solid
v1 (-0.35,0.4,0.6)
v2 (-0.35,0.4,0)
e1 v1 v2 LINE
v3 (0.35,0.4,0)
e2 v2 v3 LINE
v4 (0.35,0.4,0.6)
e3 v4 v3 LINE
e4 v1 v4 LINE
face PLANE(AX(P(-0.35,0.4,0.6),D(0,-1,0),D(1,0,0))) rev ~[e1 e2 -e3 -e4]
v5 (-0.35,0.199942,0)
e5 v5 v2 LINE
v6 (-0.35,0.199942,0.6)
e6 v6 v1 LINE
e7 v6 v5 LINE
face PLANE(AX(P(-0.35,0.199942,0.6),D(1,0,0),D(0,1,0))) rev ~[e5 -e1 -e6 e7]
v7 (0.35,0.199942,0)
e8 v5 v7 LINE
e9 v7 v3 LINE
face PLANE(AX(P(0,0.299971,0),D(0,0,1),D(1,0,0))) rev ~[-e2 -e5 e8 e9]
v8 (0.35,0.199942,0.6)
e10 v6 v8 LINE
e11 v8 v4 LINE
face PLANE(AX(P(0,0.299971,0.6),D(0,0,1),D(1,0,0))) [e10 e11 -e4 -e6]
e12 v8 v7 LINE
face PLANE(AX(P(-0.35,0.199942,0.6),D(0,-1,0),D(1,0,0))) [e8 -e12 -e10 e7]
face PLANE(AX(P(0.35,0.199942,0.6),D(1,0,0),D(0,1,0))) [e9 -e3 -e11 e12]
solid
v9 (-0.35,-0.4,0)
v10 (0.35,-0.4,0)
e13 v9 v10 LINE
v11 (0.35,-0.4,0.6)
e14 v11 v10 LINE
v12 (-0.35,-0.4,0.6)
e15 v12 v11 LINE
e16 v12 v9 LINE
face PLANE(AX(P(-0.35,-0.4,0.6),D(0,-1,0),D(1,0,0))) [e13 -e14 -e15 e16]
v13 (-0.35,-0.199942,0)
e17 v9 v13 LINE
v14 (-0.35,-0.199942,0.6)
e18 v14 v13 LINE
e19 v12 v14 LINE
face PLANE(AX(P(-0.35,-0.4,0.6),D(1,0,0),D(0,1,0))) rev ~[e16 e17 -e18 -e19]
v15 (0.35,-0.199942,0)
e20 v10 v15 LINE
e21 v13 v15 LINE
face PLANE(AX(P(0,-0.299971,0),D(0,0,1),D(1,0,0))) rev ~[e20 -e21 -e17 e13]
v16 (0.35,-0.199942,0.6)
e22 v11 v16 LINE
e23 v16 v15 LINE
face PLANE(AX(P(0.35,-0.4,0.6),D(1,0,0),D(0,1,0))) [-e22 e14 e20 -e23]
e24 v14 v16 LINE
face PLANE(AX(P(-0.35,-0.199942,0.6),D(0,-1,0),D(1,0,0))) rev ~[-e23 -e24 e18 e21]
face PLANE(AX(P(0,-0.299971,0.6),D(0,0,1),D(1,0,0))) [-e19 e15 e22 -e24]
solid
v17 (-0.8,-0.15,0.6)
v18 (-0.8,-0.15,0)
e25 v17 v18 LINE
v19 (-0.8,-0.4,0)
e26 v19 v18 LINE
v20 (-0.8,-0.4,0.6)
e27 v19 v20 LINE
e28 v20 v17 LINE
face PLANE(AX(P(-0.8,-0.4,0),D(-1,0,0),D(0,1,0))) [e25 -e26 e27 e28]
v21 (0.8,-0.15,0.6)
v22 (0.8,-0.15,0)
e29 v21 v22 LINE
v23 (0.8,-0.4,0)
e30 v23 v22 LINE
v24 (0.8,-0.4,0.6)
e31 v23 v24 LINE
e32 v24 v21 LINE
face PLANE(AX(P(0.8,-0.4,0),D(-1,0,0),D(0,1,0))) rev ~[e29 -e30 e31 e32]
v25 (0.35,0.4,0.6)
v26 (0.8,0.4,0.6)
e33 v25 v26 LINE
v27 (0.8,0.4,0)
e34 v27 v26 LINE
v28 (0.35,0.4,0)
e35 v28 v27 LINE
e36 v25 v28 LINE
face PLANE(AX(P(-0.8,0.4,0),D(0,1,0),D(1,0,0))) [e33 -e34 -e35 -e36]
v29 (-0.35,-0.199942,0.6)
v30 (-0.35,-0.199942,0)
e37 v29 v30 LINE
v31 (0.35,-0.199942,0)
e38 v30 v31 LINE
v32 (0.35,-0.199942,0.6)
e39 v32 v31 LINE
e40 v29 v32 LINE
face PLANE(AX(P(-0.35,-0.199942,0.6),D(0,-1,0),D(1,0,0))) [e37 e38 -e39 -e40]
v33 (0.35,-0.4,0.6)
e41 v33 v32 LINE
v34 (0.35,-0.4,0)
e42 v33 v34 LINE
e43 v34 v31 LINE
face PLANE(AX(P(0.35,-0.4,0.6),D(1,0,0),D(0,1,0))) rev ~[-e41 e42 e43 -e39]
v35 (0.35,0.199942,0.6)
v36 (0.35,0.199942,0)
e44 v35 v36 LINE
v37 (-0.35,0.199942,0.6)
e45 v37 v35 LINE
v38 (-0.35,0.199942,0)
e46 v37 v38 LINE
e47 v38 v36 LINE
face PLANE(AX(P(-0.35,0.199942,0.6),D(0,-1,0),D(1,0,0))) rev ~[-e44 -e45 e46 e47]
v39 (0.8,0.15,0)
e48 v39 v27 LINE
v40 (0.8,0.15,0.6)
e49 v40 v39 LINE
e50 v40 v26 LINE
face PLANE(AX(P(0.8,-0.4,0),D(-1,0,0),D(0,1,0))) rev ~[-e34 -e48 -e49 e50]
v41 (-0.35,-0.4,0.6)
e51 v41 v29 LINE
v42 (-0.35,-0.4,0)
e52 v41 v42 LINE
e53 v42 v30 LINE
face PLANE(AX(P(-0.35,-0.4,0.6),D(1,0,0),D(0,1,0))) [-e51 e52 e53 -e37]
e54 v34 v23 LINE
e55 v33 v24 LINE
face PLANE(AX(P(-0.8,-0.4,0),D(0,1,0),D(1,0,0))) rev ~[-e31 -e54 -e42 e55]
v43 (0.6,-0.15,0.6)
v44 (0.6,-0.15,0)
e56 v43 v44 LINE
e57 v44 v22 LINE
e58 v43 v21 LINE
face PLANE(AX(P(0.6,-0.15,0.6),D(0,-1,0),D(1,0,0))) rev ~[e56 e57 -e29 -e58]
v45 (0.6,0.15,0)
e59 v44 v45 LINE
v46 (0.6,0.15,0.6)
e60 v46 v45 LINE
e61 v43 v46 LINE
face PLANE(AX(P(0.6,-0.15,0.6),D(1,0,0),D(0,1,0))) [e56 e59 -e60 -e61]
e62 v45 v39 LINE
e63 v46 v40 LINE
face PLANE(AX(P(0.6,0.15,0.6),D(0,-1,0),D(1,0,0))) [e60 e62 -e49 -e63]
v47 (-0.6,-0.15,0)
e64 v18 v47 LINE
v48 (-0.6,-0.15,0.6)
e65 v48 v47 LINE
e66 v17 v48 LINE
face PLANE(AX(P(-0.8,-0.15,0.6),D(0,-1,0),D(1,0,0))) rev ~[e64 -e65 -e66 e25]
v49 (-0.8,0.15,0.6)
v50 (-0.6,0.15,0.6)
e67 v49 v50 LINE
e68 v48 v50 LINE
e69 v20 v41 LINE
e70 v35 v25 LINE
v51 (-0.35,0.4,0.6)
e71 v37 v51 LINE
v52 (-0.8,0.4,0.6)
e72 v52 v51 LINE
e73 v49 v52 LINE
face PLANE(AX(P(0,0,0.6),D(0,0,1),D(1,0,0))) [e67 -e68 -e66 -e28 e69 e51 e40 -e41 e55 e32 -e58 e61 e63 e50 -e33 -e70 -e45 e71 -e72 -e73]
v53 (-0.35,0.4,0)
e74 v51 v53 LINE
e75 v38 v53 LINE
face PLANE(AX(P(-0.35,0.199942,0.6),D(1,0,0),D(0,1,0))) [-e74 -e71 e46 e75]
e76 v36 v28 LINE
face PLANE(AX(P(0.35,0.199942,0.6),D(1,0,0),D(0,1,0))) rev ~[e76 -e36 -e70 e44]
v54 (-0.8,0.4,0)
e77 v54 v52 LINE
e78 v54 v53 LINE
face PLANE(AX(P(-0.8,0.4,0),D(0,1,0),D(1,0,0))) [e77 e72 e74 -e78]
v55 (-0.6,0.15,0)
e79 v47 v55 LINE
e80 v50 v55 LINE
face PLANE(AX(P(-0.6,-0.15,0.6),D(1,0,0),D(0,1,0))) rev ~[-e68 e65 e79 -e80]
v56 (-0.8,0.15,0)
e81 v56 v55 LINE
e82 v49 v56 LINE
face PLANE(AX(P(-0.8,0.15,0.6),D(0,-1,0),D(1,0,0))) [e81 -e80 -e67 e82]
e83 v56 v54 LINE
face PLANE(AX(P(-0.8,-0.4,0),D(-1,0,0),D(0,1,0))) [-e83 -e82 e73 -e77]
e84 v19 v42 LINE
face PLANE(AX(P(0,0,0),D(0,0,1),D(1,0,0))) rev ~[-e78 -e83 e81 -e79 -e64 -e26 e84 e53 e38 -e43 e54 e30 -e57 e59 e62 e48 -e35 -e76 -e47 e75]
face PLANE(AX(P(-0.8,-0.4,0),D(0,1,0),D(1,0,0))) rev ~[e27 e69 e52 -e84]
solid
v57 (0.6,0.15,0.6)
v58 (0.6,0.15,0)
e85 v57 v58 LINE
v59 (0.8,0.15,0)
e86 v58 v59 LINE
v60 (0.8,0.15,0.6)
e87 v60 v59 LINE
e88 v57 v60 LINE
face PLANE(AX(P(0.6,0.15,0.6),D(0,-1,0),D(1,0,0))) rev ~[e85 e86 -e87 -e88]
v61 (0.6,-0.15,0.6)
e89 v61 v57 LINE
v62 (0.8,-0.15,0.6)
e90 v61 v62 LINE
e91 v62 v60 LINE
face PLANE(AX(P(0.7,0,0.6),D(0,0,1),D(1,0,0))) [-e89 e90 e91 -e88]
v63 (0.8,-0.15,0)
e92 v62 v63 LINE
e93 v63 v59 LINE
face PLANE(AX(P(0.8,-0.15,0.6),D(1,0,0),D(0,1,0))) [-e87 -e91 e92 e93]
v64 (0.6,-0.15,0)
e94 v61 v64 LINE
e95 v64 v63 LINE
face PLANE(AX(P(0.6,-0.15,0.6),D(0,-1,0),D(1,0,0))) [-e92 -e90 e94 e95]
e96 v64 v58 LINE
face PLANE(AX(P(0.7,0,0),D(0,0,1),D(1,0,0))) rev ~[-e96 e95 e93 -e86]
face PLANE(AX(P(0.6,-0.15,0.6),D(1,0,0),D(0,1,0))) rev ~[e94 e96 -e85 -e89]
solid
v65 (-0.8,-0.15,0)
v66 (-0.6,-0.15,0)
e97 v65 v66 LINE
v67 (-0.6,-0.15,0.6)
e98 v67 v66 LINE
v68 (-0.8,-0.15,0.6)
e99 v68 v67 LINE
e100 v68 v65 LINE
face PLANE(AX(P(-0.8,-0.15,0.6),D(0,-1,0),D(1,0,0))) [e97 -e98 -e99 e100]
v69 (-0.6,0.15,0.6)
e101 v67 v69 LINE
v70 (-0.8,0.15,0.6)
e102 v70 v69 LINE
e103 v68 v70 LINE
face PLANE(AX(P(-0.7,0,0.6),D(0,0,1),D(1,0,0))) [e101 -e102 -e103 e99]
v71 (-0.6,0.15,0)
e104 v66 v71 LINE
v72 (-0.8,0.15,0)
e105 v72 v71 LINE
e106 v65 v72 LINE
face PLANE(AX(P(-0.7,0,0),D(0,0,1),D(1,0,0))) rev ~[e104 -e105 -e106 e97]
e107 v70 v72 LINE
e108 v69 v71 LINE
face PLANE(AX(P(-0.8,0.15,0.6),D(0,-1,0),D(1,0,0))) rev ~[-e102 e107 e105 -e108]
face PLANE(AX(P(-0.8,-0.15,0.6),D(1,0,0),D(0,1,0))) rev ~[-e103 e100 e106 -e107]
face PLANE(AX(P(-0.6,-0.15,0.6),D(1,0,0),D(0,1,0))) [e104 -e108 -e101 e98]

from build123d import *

# Parameters (mm, degrees)
SKETCH1_W             = 1.6
SKETCH1_H             = 0.8
BOSS_EXTRUDE1_DEPTH   = 0.6
SKETCH2_W             = 0.7
SKETCH2_H             = 0.200058326
SKETCH2_W_2           = 0.2
SKETCH2_H_2           = 0.3
CUT_EXTRUDE1_DEPTH    = 0.6
SKETCH2_4_W           = 0.7
SKETCH2_4_H           = 0.200058326
BOSS_EXTRUDE2_DEPTH   = 0.6
SKETCH2_4_W_2         = 0.2
SKETCH2_4_H_2         = 0.3
BOSS_EXTRUDE2_2_DEPTH = 0.6
BOSS_EXTRUDE2_3_DEPTH = 0.6
BOSS_EXTRUDE2_4_DEPTH = 0.6


with BuildPart() as part:
    # Sketch1 → Boss-Extrude1 (new body)
    with BuildSketch(Plane.XY):
        Rectangle(SKETCH1_W, SKETCH1_H)
    extrude(amount=BOSS_EXTRUDE1_DEPTH)

    # Sketch2 → Cut-Extrude1 (cut)
    with BuildSketch(Plane.XY.offset(0.6)):
        with Locations((0, -0.299970837)):
            Rectangle(SKETCH2_W, SKETCH2_H)
        with Locations((-0.7, 0)):
            Rectangle(SKETCH2_W_2, SKETCH2_H_2)
        with Locations((0, 0.299970837)):
            Rectangle(SKETCH2_W, SKETCH2_H)
        with Locations((0.7, 0)):
            Rectangle(SKETCH2_W_2, SKETCH2_H_2)
    extrude(amount=-CUT_EXTRUDE1_DEPTH, mode=Mode.SUBTRACT)


with BuildPart() as body_2:
    # Sketch2<4> → Boss-Extrude2 (new body)
    with BuildSketch(Plane.XY.offset(0.6)):
        with Locations((0, -0.299970837)):
            Rectangle(SKETCH2_4_W, SKETCH2_4_H)
    extrude(amount=-BOSS_EXTRUDE2_DEPTH)


with BuildPart() as body_3:
    # Sketch2<4> → Boss-Extrude2 2 (new body)
    with BuildSketch(Plane.XY.offset(0.6)):
        with Locations((-0.7, 0)):
            Rectangle(SKETCH2_4_W_2, SKETCH2_4_H_2)
    extrude(amount=-BOSS_EXTRUDE2_2_DEPTH)


with BuildPart() as body_4:
    # Sketch2<4> → Boss-Extrude2 3 (new body)
    with BuildSketch(Plane.XY.offset(0.6)):
        with Locations((0, 0.299970837)):
            Rectangle(SKETCH2_4_W, SKETCH2_4_H)
    extrude(amount=-BOSS_EXTRUDE2_3_DEPTH)


with BuildPart() as body_5:
    # Sketch2<4> → Boss-Extrude2 4 (new body)
    with BuildSketch(Plane.XY.offset(0.6)):
        with Locations((0.7, 0)):
            Rectangle(SKETCH2_4_W_2, SKETCH2_4_H_2)
    extrude(amount=-BOSS_EXTRUDE2_4_DEPTH)


solid = Compound([part.part, body_2.part, body_3.part, body_4.part, body_5.part])
